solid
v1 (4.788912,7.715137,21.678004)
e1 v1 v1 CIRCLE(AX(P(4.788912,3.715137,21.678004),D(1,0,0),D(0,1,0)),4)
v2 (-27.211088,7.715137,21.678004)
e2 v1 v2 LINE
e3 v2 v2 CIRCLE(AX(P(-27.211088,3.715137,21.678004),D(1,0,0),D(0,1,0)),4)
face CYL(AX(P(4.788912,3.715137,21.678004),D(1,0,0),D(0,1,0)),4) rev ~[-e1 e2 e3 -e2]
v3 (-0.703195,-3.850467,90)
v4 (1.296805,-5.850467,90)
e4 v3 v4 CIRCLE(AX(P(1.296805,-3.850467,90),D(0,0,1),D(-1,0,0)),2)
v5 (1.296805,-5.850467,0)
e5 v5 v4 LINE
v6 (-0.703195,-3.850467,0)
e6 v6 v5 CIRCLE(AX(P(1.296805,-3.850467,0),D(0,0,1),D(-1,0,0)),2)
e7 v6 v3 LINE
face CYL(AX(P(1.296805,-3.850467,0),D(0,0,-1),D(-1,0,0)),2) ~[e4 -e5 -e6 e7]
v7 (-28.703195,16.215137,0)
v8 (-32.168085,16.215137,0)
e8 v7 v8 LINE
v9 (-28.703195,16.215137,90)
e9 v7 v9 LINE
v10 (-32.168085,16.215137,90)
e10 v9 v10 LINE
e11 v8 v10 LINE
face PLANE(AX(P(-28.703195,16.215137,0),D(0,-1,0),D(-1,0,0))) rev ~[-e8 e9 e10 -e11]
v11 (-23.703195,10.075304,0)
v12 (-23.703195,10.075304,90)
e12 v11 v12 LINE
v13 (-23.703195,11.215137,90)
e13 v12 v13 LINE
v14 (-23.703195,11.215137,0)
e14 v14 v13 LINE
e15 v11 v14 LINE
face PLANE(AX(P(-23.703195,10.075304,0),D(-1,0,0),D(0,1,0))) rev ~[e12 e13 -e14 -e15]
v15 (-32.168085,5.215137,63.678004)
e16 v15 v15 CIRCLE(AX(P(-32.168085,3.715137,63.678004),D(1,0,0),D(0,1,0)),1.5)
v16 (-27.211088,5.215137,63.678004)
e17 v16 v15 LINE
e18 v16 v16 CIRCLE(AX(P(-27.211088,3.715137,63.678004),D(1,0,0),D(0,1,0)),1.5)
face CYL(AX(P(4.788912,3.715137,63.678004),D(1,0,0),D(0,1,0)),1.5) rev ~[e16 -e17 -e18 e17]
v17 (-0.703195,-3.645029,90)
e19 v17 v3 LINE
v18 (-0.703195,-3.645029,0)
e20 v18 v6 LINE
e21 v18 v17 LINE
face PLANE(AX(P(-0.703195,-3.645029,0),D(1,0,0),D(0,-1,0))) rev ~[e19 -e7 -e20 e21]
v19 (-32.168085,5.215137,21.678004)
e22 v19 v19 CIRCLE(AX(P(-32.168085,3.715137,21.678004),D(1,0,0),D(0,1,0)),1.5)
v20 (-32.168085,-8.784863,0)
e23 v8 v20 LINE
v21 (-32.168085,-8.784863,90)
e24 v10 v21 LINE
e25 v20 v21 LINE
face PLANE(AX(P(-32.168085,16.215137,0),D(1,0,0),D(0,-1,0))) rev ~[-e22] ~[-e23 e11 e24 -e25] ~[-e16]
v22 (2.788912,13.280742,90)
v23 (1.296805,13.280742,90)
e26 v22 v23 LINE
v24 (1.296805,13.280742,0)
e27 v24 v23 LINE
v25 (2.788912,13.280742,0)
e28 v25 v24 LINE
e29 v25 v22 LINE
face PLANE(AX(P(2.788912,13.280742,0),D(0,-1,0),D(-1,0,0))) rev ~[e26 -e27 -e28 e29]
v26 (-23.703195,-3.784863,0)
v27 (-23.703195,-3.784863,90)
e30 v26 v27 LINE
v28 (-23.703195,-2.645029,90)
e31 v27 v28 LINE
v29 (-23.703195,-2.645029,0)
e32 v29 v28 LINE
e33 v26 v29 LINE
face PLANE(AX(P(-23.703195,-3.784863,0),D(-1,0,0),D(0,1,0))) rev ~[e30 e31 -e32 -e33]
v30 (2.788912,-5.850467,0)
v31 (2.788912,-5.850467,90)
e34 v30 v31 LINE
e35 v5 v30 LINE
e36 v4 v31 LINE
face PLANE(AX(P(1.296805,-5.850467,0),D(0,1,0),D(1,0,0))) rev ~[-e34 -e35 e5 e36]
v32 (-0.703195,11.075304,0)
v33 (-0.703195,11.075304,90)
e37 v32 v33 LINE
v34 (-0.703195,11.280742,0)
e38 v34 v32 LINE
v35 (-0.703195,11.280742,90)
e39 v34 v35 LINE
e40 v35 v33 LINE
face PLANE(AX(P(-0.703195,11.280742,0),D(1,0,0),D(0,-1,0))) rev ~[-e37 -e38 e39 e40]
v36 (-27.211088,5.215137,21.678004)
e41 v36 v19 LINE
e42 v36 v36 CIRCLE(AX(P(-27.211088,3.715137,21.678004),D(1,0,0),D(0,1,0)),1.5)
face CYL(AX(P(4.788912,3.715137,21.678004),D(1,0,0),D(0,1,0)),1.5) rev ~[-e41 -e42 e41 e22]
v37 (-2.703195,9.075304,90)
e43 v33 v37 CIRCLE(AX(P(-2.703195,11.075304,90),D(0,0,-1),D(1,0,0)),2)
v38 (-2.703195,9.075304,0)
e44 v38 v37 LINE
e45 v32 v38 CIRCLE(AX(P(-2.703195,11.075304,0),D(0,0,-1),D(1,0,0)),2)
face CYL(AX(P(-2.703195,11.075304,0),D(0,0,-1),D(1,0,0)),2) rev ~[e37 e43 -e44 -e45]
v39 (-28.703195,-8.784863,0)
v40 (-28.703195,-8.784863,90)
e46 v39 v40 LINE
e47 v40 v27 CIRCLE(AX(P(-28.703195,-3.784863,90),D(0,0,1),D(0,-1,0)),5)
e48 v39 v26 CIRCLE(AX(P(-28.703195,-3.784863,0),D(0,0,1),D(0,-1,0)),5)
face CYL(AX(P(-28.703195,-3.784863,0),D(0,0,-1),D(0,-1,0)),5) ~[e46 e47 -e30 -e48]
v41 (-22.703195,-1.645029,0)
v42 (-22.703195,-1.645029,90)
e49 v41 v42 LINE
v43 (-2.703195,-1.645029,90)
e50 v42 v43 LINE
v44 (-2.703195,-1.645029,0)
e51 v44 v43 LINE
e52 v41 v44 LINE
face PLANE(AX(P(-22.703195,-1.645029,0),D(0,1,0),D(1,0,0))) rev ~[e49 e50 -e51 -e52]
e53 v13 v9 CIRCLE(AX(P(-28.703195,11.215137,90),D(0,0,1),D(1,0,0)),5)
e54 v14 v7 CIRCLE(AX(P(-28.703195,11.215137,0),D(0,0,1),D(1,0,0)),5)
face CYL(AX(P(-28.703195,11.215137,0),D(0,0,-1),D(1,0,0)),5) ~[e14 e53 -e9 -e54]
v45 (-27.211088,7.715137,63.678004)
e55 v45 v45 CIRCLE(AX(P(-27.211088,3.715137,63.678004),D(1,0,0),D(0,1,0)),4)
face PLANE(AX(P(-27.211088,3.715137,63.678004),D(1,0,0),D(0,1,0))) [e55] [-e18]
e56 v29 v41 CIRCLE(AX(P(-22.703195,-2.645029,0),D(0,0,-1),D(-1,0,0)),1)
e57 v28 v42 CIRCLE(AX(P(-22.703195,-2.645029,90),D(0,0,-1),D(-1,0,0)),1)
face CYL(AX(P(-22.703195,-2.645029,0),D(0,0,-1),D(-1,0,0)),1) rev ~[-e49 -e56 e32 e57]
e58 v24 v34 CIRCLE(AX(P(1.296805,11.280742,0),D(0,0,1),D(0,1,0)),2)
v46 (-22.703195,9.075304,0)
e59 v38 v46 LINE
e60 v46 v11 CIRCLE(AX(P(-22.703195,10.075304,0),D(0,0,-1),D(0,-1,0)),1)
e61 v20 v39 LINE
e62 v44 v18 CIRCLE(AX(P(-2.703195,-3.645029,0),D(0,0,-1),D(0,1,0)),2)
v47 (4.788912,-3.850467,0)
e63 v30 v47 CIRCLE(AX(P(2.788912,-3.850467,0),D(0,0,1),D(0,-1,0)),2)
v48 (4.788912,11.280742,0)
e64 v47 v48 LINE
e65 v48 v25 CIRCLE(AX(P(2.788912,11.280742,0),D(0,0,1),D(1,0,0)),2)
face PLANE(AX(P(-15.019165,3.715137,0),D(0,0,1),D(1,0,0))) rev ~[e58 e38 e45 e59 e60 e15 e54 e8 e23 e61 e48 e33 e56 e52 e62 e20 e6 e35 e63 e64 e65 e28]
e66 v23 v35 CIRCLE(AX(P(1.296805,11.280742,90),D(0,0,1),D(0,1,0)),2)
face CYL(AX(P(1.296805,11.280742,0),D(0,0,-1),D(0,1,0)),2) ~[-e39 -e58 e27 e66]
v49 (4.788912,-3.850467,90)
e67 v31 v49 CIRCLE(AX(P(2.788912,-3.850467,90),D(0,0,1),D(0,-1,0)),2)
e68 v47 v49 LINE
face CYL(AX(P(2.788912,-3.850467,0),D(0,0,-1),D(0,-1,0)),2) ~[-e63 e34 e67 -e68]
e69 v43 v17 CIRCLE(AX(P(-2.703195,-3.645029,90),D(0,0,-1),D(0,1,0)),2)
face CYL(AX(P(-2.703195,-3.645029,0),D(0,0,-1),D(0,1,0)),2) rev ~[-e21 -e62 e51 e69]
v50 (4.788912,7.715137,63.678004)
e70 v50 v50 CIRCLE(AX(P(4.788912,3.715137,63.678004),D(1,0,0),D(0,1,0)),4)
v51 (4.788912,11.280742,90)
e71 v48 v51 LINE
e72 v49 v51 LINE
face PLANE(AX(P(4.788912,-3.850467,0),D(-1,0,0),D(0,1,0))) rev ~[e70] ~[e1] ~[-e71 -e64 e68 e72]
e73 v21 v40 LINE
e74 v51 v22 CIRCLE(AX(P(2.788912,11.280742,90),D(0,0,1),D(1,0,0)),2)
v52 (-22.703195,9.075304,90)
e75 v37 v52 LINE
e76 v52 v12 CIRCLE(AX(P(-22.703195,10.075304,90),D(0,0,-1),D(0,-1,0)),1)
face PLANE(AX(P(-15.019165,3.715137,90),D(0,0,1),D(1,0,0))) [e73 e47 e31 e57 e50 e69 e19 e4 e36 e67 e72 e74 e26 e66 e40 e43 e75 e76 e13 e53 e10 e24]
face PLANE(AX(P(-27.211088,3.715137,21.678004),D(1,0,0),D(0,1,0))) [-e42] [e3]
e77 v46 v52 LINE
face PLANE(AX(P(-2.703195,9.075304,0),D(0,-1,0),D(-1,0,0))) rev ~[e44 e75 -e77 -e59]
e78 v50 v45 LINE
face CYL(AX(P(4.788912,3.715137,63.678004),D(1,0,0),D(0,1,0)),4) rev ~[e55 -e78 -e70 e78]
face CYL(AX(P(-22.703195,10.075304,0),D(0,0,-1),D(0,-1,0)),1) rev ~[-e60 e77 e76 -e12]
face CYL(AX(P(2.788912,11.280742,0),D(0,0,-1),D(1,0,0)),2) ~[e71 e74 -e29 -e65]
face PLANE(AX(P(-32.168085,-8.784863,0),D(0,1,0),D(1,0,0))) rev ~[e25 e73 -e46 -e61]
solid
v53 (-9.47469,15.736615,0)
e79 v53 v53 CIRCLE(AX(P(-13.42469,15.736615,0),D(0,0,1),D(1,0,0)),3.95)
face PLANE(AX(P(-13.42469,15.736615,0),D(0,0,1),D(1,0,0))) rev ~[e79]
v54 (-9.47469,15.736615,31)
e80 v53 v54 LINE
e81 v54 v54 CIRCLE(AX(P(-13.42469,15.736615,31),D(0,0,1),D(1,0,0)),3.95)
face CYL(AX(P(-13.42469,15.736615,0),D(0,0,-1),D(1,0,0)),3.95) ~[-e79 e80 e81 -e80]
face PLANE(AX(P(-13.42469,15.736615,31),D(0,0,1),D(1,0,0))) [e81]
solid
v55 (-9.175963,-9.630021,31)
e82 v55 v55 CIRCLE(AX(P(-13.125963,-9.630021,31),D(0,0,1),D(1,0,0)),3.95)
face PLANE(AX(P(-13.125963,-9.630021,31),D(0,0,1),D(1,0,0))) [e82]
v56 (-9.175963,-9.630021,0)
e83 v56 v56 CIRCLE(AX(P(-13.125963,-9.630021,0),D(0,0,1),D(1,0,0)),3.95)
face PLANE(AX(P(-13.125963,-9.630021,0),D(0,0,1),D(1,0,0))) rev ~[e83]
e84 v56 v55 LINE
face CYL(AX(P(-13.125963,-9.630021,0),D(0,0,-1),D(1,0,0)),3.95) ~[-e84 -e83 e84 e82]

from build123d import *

# Parameters (mm, degrees)
F1_DEPTH = 90
F2_DEPTH = 90
F3_R     = 1.5
F4_DEPTH = 54
F3_R_2   = 4
F5_DEPTH = 32
F6_R     = 3.95
F7_DEPTH = 31


with BuildPart() as f1:
    # F0 (on Top) → F1 (new body)
    with BuildSketch(Plane.XY):
        with BuildLine():
            Line((-32.1680851899, 16.2151374258), (-32.1680851899, -8.7848625742))
            Line((-32.1680851899, -8.7848625742), (-28.7031954581, -8.7848625742))
            ThreePointArc((-28.7031954581, -8.7848625742), (-25.1676615522, -7.3203964801), (-23.7031954581, -3.7848625742))
            Line((-23.7031954581, -3.7848625742), (-23.7031954581, -2.6450291778))
            ThreePointArc((-23.7031954581, -2.6450291778), (-23.4103022393, -1.9379223966), (-22.7031954581, -1.6450291778))
            Line((-22.7031954581, -1.6450291778), (-2.7031954581, -1.6450291778))
            ThreePointArc((-2.7031954581, -1.6450291778), (-1.2889818958, -2.2308156154), (-0.7031954581, -3.6450291778))
            Line((-0.7031954581, -3.6450291778), (-0.7031954581, -3.8504671592))
            ThreePointArc((-0.7031954581, -3.8504671592), (-0.1174090205, -5.2646807216), (1.2968045419, -5.8504671592))
            Line((1.2968045419, -5.8504671592), (2.7889119339, -5.8504671592))
            ThreePointArc((2.7889119339, -5.8504671592), (4.2031254963, -5.2646807216), (4.7889119339, -3.8504671592))
            Line((4.7889119339, -3.8504671592), (4.7889119339, 3.7151374258))
            Line((4.7889119339, 3.7151374258), (4.7889119339, 11.2807420108))
            ThreePointArc((4.7889119339, 11.2807420108), (4.2031254963, 12.6949555732), (2.7889119339, 13.2807420108))
            Line((2.7889119339, 13.2807420108), (1.2968045419, 13.2807420108))
            ThreePointArc((1.2968045419, 13.2807420108), (-0.1174090205, 12.6949555732), (-0.7031954581, 11.2807420108))
            Line((-0.7031954581, 11.2807420108), (-0.7031954581, 11.0753040294))
            ThreePointArc((-0.7031954581, 11.0753040294), (-1.2889818958, 9.661090467), (-2.7031954581, 9.0753040294))
            Line((-2.7031954581, 9.0753040294), (-22.7031954581, 9.0753040294))
            ThreePointArc((-22.7031954581, 9.0753040294), (-23.4103022393, 9.3681972482), (-23.7031954581, 10.0753040294))
            Line((-23.7031954581, 10.0753040294), (-23.7031954581, 11.2151374258))
            ThreePointArc((-23.7031954581, 11.2151374258), (-25.1676615522, 14.7506713317), (-28.7031954581, 16.2151374258))
            Line((-28.7031954581, 16.2151374258), (-32.1680851899, 16.2151374258))
        make_face()
    extrude(amount=F1_DEPTH)

    # F0 (on Top) → F2 (join)
    with BuildSketch(Plane.XY):
        with BuildLine():
            Line((-32.1680851899, 16.2151374258), (-32.1680851899, -8.7848625742))
            Line((-32.1680851899, -8.7848625742), (-28.7031954581, -8.7848625742))
            ThreePointArc((-28.7031954581, -8.7848625742), (-25.1676615522, -7.3203964801), (-23.7031954581, -3.7848625742))
            Line((-23.7031954581, -3.7848625742), (-23.7031954581, -2.6450291778))
            ThreePointArc((-23.7031954581, -2.6450291778), (-23.4103022393, -1.9379223966), (-22.7031954581, -1.6450291778))
            Line((-22.7031954581, -1.6450291778), (-2.7031954581, -1.6450291778))
            ThreePointArc((-2.7031954581, -1.6450291778), (-1.2889818958, -2.2308156154), (-0.7031954581, -3.6450291778))
            Line((-0.7031954581, -3.6450291778), (-0.7031954581, -3.8504671592))
            ThreePointArc((-0.7031954581, -3.8504671592), (-0.1174090205, -5.2646807216), (1.2968045419, -5.8504671592))
            Line((1.2968045419, -5.8504671592), (2.7889119339, -5.8504671592))
            ThreePointArc((2.7889119339, -5.8504671592), (4.2031254963, -5.2646807216), (4.7889119339, -3.8504671592))
            Line((4.7889119339, -3.8504671592), (4.7889119339, 3.7151374258))
            Line((4.7889119339, 3.7151374258), (4.7889119339, 11.2807420108))
            ThreePointArc((4.7889119339, 11.2807420108), (4.2031254963, 12.6949555732), (2.7889119339, 13.2807420108))
            Line((2.7889119339, 13.2807420108), (1.2968045419, 13.2807420108))
            ThreePointArc((1.2968045419, 13.2807420108), (-0.1174090205, 12.6949555732), (-0.7031954581, 11.2807420108))
            Line((-0.7031954581, 11.2807420108), (-0.7031954581, 11.0753040294))
            ThreePointArc((-0.7031954581, 11.0753040294), (-1.2889818958, 9.661090467), (-2.7031954581, 9.0753040294))
            Line((-2.7031954581, 9.0753040294), (-22.7031954581, 9.0753040294))
            ThreePointArc((-22.7031954581, 9.0753040294), (-23.4103022393, 9.3681972482), (-23.7031954581, 10.0753040294))
            Line((-23.7031954581, 10.0753040294), (-23.7031954581, 11.2151374258))
            ThreePointArc((-23.7031954581, 11.2151374258), (-25.1676615522, 14.7506713317), (-28.7031954581, 16.2151374258))
            Line((-28.7031954581, 16.2151374258), (-32.1680851899, 16.2151374258))
        make_face()
    extrude(amount=F2_DEPTH)

    # F3 (on face) → F4 (cut)
    with BuildSketch(Plane.YZ.offset(4.7889119339)):
        with Locations((3.7151374258, 63.6780038476)):
            Circle(F3_R)
        with Locations((3.7151374258, 21.6780038476)):
            Circle(F3_R)
    extrude(amount=-F4_DEPTH, mode=Mode.SUBTRACT)

    # F3 (on face) → F5 (cut)
    with BuildSketch(Plane.YZ.offset(4.7889119339)):
        with Locations((3.7151374258, 63.6780038476)):
            Circle(F3_R_2)
        with Locations((3.7151374258, 63.6780038476)):
            Circle(F3_R, mode=Mode.SUBTRACT)
        with Locations((3.7151374258, 21.6780038476)):
            Circle(F3_R_2)
        with Locations((3.7151374258, 21.6780038476)):
            Circle(F3_R, mode=Mode.SUBTRACT)
    extrude(amount=-F5_DEPTH, mode=Mode.SUBTRACT)


with BuildPart() as f7:
    # F6 (on Top) → F7 (new body)
    with BuildSketch(Plane.XY):
        with Locations((-13.424689777, 15.7366154087)):
            Circle(F6_R)
    extrude(amount=F7_DEPTH)


with BuildPart() as f7b:
    # F6 (on Top) → F7, piece 2 (new body)
    with BuildSketch(Plane.XY):
        with Locations((-13.1259629732, -9.630020947)):
            Circle(F6_R)
    extrude(amount=F7_DEPTH)


solid = Compound([f1.part, f7.part, f7b.part])
